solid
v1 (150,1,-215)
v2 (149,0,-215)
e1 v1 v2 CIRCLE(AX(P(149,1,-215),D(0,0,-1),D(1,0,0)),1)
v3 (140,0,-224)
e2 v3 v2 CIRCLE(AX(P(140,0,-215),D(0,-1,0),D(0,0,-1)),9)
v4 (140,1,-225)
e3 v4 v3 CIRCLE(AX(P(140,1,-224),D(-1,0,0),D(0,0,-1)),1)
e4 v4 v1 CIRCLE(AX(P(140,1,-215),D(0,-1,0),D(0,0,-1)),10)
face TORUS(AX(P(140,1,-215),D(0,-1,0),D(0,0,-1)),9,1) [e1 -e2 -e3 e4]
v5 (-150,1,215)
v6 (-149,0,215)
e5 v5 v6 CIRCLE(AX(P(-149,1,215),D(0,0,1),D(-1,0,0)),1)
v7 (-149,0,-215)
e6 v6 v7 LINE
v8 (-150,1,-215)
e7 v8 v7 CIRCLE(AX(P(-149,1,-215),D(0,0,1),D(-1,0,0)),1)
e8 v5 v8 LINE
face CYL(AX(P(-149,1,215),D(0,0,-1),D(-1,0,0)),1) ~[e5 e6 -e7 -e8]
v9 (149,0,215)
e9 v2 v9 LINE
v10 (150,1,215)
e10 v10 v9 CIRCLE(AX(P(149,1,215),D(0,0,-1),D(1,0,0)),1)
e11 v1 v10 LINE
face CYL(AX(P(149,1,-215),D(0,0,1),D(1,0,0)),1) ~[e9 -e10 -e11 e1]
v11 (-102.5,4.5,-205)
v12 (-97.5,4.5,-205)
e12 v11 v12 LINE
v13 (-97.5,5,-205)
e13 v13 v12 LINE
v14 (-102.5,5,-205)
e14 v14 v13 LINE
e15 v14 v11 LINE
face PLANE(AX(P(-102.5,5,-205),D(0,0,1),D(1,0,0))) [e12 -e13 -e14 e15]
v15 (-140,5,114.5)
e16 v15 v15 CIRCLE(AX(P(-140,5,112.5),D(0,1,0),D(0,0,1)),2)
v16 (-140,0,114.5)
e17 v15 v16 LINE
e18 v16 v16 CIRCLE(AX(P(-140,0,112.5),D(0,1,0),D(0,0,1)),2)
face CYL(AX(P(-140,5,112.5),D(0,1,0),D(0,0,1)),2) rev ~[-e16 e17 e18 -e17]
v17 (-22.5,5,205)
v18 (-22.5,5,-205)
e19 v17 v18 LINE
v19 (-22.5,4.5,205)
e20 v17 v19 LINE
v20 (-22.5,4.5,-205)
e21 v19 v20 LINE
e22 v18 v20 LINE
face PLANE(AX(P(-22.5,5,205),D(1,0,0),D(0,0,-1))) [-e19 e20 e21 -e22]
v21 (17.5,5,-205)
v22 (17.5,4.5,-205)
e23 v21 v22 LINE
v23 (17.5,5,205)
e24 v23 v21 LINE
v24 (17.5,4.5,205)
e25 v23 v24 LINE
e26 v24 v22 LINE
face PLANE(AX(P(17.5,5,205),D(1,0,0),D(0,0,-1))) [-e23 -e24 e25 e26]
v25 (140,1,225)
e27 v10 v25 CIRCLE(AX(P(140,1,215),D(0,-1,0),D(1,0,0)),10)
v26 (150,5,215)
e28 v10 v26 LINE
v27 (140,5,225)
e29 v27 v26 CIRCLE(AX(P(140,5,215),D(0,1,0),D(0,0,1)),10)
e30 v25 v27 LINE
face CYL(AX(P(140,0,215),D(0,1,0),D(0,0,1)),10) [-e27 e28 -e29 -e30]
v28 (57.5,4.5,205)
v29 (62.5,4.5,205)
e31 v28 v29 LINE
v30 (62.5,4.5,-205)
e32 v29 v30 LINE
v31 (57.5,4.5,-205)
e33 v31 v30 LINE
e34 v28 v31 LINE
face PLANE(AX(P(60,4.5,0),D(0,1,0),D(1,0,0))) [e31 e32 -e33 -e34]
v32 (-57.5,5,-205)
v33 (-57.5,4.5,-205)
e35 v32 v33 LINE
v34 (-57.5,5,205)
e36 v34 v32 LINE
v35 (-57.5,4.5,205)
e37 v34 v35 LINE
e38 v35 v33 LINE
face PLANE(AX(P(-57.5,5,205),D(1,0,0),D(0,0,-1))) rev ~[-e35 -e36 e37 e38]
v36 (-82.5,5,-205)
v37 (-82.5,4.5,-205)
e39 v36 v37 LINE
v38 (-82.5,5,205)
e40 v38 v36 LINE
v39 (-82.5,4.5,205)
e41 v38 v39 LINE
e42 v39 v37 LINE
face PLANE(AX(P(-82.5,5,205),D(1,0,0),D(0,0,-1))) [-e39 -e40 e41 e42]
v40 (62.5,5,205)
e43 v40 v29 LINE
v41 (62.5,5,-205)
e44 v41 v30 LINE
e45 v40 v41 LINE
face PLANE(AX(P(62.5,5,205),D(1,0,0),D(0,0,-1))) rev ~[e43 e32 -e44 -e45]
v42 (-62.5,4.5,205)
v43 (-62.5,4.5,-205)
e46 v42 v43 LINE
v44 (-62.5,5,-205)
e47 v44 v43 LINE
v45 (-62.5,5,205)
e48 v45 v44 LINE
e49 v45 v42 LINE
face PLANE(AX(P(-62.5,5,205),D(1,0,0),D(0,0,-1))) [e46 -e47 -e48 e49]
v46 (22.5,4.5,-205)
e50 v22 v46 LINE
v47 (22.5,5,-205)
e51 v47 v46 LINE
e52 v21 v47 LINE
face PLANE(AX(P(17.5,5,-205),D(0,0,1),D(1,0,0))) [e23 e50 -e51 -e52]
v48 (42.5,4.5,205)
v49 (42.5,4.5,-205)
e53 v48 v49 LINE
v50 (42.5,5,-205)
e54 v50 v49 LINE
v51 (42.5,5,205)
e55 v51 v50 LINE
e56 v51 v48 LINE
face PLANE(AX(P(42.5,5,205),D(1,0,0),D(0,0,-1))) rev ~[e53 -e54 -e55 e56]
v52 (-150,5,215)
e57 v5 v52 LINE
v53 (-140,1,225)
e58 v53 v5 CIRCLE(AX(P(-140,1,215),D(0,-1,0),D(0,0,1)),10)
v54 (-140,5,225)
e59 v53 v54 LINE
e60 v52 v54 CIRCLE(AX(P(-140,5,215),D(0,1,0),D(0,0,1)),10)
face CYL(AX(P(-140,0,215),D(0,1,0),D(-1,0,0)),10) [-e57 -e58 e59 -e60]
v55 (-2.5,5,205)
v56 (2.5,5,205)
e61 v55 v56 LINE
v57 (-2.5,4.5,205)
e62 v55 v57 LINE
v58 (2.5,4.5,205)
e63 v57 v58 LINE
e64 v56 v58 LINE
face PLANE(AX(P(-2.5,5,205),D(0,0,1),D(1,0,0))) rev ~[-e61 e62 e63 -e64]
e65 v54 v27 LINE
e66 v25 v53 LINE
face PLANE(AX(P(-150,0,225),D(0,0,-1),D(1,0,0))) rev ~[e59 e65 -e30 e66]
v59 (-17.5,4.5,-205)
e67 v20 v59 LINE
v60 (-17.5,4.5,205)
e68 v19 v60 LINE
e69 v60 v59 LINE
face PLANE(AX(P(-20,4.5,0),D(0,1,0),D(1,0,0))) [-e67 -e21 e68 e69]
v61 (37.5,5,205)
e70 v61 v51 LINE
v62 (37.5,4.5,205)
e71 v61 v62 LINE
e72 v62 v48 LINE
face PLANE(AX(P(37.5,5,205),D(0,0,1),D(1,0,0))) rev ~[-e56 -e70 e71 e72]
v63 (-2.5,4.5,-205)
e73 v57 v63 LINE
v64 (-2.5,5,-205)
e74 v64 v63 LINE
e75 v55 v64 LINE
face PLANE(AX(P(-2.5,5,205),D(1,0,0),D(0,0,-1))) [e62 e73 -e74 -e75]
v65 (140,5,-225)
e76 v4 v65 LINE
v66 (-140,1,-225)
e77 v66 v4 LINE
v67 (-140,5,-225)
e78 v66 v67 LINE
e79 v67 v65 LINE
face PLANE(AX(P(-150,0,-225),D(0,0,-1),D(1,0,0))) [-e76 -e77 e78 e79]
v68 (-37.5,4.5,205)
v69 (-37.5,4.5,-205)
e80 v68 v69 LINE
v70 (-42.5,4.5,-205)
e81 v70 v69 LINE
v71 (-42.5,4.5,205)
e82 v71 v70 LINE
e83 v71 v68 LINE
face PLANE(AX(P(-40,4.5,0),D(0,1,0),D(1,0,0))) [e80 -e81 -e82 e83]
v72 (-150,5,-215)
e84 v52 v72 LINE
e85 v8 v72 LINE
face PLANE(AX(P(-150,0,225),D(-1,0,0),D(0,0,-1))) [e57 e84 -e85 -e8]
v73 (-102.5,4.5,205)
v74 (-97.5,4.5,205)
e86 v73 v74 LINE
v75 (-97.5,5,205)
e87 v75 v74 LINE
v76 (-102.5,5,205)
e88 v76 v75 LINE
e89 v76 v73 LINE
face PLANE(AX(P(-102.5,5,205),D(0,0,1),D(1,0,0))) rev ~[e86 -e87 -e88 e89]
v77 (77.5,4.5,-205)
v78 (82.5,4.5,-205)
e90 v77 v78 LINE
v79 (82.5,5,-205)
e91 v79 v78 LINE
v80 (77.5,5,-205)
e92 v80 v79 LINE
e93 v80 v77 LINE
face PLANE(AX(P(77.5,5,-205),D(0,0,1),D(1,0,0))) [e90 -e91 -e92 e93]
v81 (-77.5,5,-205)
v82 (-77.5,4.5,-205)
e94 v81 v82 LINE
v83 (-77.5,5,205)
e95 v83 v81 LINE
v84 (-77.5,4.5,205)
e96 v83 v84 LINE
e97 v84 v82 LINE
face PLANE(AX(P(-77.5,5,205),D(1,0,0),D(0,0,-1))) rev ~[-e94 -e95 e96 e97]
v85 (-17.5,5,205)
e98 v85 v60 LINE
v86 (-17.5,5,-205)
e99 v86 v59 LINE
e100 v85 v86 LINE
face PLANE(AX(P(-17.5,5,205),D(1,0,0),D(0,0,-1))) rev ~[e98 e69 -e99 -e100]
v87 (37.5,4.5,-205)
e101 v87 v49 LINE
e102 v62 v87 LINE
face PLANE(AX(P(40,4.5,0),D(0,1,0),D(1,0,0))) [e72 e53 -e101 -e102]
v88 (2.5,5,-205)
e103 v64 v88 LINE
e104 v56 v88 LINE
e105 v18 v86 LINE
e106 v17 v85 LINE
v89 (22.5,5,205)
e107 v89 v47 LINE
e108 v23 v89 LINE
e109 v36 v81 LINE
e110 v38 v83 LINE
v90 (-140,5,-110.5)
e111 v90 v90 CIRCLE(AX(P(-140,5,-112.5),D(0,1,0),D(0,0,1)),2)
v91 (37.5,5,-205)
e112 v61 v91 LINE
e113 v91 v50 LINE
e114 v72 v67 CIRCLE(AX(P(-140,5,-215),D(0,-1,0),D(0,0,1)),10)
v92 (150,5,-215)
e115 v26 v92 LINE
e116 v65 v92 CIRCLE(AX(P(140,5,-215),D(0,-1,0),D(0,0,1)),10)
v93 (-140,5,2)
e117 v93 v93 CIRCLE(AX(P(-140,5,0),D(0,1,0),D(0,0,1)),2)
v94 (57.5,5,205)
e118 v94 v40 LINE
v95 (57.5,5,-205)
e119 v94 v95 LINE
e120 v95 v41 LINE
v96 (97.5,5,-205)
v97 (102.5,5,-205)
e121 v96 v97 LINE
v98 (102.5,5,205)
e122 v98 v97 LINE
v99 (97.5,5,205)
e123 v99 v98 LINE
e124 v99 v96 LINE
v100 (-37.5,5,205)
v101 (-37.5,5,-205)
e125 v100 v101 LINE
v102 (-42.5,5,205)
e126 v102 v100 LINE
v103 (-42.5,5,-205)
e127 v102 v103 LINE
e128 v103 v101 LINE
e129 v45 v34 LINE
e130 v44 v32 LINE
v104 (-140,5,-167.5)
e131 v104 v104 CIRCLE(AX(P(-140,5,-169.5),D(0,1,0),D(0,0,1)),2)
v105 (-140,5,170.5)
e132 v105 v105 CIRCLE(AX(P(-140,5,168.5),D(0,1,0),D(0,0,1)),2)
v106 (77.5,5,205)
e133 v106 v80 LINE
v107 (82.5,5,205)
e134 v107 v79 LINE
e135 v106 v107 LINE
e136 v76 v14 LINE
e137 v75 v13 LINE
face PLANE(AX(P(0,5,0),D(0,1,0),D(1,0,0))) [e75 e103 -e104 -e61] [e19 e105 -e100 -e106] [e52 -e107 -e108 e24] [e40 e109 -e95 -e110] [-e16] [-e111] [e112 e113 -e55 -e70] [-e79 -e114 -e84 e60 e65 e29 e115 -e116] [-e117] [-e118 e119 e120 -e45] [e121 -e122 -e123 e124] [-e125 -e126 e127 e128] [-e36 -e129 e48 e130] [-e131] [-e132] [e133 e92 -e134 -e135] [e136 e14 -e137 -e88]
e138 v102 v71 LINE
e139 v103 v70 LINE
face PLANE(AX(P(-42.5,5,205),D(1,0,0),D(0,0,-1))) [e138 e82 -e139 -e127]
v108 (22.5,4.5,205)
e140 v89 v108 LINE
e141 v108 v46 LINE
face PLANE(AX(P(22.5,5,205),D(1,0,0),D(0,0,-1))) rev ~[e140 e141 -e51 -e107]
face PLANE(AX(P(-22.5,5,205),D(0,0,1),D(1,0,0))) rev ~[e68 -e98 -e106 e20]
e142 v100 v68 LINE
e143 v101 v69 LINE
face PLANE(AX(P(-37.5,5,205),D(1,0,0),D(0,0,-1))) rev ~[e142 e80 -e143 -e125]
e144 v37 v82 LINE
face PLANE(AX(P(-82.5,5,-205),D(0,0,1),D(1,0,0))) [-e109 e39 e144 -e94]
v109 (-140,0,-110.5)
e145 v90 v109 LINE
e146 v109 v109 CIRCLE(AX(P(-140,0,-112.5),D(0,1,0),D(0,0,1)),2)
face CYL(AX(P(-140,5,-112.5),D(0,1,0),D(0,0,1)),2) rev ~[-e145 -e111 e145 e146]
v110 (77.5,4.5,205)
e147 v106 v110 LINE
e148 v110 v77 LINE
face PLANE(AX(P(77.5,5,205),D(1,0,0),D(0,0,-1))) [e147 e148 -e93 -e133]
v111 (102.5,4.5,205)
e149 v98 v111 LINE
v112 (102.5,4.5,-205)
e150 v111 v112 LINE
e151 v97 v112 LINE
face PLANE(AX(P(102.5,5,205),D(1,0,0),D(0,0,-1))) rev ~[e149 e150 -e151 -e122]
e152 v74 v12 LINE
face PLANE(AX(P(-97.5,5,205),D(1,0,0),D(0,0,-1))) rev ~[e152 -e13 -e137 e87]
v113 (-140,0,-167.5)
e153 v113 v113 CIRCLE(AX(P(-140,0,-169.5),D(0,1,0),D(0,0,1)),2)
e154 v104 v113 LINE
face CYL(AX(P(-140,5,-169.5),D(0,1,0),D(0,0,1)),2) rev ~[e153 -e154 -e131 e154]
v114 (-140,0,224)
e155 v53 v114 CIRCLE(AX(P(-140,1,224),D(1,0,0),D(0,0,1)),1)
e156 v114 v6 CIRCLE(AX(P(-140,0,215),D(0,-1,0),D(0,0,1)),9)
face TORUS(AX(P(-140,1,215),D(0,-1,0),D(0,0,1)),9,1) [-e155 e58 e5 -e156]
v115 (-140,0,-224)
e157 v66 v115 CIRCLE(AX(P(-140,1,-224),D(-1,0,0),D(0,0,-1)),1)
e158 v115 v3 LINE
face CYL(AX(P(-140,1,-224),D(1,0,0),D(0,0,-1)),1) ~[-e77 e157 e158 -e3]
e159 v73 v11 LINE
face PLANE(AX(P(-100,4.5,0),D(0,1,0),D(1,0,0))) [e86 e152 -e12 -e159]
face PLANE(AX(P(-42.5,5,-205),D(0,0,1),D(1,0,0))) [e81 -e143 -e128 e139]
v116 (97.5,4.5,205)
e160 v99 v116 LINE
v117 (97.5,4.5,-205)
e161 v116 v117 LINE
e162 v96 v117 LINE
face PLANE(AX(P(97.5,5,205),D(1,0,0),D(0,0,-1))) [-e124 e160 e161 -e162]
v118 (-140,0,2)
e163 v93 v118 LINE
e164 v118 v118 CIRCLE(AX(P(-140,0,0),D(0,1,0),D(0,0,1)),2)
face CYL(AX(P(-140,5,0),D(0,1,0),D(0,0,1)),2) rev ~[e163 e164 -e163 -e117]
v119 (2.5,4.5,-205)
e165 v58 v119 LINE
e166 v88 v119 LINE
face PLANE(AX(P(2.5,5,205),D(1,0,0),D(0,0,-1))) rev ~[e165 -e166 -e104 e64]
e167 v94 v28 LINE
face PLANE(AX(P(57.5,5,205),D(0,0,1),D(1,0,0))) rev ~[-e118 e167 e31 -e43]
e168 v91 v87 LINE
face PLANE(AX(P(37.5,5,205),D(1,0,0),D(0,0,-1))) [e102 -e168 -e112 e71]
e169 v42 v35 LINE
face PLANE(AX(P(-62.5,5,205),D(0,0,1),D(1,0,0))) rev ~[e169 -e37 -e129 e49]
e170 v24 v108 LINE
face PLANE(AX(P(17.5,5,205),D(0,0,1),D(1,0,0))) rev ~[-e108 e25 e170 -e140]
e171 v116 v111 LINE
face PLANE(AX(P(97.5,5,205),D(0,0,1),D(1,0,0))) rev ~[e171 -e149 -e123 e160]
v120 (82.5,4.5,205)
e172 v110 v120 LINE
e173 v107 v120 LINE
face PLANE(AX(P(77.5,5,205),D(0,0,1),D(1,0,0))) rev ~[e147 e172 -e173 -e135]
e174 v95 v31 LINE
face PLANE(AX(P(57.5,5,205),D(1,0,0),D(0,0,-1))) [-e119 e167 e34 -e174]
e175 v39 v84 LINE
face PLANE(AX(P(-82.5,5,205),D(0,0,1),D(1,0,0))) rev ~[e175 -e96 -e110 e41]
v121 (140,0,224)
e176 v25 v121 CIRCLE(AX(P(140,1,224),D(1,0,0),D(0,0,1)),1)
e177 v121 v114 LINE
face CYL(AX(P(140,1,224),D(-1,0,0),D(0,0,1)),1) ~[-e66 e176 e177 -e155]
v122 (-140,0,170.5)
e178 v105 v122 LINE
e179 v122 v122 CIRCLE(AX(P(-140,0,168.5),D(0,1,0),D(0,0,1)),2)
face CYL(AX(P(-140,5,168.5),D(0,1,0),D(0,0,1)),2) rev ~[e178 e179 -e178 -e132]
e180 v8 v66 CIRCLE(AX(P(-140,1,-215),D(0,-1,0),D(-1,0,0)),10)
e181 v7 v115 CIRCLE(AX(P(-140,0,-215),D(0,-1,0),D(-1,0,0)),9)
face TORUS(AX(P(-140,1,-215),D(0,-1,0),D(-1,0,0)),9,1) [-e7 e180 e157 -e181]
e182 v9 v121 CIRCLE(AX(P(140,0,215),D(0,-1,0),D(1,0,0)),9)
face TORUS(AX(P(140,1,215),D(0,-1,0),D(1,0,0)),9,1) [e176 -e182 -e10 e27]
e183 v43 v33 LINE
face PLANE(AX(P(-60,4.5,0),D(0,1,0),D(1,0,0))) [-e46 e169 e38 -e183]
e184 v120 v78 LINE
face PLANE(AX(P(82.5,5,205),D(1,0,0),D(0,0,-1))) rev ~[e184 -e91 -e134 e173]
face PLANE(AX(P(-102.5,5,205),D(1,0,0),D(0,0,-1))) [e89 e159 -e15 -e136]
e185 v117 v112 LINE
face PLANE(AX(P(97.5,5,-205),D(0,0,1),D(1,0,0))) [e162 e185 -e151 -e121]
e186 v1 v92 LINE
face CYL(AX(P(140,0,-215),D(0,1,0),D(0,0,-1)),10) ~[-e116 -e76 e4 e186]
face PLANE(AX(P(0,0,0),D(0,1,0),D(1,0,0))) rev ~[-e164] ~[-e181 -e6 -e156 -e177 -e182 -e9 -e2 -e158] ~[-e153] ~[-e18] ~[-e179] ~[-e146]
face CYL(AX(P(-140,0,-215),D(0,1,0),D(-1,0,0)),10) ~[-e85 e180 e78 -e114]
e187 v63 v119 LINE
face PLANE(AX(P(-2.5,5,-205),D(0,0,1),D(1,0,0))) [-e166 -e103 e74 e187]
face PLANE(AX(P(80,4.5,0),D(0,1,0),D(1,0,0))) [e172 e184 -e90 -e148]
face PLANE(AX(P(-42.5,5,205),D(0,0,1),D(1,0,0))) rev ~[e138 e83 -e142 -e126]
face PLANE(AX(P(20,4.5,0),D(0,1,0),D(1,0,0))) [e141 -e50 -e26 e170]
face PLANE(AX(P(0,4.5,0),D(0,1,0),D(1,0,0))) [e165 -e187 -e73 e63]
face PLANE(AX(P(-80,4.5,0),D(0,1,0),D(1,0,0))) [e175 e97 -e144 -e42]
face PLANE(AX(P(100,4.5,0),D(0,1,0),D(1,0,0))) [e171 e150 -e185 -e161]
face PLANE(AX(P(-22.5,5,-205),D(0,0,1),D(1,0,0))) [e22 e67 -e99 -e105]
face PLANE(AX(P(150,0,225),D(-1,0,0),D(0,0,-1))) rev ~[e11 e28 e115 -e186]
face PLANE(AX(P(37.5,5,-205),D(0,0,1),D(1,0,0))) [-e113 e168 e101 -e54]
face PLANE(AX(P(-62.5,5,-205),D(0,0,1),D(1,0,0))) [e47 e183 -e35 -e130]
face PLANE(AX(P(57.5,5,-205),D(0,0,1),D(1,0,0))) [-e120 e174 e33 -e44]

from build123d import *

# Parameters (mm, degrees)
SKETCH1_W           = 300
SKETCH1_H           = 450
BOSS_EXTRUDE1_DEPTH = 5
SKETCH2_R           = 2
CUT_EXTRUDE1_DEPTH  = 271.462566726
FILLET2_R           = 10
FILLET1_R           = 1
SKETCH3_W           = 5
SKETCH3_H           = 410
CUT_EXTRUDE2_DEPTH  = 0.5


with BuildPart() as part:
    # Sketch1 → Boss-Extrude1 (new body)
    with BuildSketch(Plane(origin=(0, 0, 0), x_dir=(1, 0, 0), z_dir=(0, 1, 0))):
        Rectangle(SKETCH1_W, SKETCH1_H)
    extrude(amount=BOSS_EXTRUDE1_DEPTH)

    # Sketch2 → Cut-Extrude1 (cut, through all)
    with BuildSketch(Plane(origin=(0, 5, 0), x_dir=(1, 0, 0), z_dir=(0, 1, 0))):
        with Locations(Location((-140, 0, 0), (0, 0, 270))):
            Circle(SKETCH2_R)
        with Locations(Location((-140, 112.5, 0), (0, 0, 270))):
            Circle(SKETCH2_R)
        with Locations(Location((-140, -112.5, 0), (0, 0, 270))):
            Circle(SKETCH2_R)
        with Locations(Location((-140, 169.5, 0), (0, 0, 270))):
            Circle(SKETCH2_R)
        with Locations(Location((-140, -168.5, 0), (0, 0, 270))):
            Circle(SKETCH2_R)
    extrude(amount=-CUT_EXTRUDE1_DEPTH, mode=Mode.SUBTRACT)

    # Fillet2
    fillet2_edges = [part.edges().sort_by_distance(p)[0] for p in [
        (150, 2.5, 225),
        (-150, 2.5, 225),
        (-150, 2.5, -225),
        (150, 2.5, -225),
    ]]
    fillet(fillet2_edges, radius=FILLET2_R)

    # Fillet1
    fillet1_edges = [part.edges().sort_by_distance(p)[0] for p in [
        (-150, 0, 0),
        (150, 0, 0),
        (0, 0, 225),
        (0, 0, -225),
        (-147.071067812, 0, 222.071067812),
        (147.071067812, 0, 222.071067812),
        (147.071067812, 0, -222.071067812),
        (-147.071067812, 0, -222.071067812),
    ]]
    fillet(fillet1_edges, radius=FILLET1_R)

    # Sketch3 → Cut-Extrude2 (cut)
    with BuildSketch(Plane(origin=(0, 5, 0), x_dir=(1, 0, 0), z_dir=(0, 1, 0))):
        with Locations((20, 0)):
            Rectangle(SKETCH3_W, SKETCH3_H)
        Rectangle(SKETCH3_W, SKETCH3_H)
        with Locations((40, 0)):
            Rectangle(SKETCH3_W, SKETCH3_H)
        with Locations((60, 0)):
            Rectangle(SKETCH3_W, SKETCH3_H)
        with Locations((80, 0)):
            Rectangle(SKETCH3_W, SKETCH3_H)
        with Locations((100, 0)):
            Rectangle(SKETCH3_W, SKETCH3_H)
        with Locations((-20, 0)):
            Rectangle(SKETCH3_W, SKETCH3_H)
        with Locations((-40, 0)):
            Rectangle(SKETCH3_W, SKETCH3_H)
        with Locations((-60, 0)):
            Rectangle(SKETCH3_W, SKETCH3_H)
        with Locations((-80, 0)):
            Rectangle(SKETCH3_W, SKETCH3_H)
        with Locations((-100, 0)):
            Rectangle(SKETCH3_W, SKETCH3_H)
    extrude(amount=-CUT_EXTRUDE2_DEPTH, mode=Mode.SUBTRACT)


solid = part.part
